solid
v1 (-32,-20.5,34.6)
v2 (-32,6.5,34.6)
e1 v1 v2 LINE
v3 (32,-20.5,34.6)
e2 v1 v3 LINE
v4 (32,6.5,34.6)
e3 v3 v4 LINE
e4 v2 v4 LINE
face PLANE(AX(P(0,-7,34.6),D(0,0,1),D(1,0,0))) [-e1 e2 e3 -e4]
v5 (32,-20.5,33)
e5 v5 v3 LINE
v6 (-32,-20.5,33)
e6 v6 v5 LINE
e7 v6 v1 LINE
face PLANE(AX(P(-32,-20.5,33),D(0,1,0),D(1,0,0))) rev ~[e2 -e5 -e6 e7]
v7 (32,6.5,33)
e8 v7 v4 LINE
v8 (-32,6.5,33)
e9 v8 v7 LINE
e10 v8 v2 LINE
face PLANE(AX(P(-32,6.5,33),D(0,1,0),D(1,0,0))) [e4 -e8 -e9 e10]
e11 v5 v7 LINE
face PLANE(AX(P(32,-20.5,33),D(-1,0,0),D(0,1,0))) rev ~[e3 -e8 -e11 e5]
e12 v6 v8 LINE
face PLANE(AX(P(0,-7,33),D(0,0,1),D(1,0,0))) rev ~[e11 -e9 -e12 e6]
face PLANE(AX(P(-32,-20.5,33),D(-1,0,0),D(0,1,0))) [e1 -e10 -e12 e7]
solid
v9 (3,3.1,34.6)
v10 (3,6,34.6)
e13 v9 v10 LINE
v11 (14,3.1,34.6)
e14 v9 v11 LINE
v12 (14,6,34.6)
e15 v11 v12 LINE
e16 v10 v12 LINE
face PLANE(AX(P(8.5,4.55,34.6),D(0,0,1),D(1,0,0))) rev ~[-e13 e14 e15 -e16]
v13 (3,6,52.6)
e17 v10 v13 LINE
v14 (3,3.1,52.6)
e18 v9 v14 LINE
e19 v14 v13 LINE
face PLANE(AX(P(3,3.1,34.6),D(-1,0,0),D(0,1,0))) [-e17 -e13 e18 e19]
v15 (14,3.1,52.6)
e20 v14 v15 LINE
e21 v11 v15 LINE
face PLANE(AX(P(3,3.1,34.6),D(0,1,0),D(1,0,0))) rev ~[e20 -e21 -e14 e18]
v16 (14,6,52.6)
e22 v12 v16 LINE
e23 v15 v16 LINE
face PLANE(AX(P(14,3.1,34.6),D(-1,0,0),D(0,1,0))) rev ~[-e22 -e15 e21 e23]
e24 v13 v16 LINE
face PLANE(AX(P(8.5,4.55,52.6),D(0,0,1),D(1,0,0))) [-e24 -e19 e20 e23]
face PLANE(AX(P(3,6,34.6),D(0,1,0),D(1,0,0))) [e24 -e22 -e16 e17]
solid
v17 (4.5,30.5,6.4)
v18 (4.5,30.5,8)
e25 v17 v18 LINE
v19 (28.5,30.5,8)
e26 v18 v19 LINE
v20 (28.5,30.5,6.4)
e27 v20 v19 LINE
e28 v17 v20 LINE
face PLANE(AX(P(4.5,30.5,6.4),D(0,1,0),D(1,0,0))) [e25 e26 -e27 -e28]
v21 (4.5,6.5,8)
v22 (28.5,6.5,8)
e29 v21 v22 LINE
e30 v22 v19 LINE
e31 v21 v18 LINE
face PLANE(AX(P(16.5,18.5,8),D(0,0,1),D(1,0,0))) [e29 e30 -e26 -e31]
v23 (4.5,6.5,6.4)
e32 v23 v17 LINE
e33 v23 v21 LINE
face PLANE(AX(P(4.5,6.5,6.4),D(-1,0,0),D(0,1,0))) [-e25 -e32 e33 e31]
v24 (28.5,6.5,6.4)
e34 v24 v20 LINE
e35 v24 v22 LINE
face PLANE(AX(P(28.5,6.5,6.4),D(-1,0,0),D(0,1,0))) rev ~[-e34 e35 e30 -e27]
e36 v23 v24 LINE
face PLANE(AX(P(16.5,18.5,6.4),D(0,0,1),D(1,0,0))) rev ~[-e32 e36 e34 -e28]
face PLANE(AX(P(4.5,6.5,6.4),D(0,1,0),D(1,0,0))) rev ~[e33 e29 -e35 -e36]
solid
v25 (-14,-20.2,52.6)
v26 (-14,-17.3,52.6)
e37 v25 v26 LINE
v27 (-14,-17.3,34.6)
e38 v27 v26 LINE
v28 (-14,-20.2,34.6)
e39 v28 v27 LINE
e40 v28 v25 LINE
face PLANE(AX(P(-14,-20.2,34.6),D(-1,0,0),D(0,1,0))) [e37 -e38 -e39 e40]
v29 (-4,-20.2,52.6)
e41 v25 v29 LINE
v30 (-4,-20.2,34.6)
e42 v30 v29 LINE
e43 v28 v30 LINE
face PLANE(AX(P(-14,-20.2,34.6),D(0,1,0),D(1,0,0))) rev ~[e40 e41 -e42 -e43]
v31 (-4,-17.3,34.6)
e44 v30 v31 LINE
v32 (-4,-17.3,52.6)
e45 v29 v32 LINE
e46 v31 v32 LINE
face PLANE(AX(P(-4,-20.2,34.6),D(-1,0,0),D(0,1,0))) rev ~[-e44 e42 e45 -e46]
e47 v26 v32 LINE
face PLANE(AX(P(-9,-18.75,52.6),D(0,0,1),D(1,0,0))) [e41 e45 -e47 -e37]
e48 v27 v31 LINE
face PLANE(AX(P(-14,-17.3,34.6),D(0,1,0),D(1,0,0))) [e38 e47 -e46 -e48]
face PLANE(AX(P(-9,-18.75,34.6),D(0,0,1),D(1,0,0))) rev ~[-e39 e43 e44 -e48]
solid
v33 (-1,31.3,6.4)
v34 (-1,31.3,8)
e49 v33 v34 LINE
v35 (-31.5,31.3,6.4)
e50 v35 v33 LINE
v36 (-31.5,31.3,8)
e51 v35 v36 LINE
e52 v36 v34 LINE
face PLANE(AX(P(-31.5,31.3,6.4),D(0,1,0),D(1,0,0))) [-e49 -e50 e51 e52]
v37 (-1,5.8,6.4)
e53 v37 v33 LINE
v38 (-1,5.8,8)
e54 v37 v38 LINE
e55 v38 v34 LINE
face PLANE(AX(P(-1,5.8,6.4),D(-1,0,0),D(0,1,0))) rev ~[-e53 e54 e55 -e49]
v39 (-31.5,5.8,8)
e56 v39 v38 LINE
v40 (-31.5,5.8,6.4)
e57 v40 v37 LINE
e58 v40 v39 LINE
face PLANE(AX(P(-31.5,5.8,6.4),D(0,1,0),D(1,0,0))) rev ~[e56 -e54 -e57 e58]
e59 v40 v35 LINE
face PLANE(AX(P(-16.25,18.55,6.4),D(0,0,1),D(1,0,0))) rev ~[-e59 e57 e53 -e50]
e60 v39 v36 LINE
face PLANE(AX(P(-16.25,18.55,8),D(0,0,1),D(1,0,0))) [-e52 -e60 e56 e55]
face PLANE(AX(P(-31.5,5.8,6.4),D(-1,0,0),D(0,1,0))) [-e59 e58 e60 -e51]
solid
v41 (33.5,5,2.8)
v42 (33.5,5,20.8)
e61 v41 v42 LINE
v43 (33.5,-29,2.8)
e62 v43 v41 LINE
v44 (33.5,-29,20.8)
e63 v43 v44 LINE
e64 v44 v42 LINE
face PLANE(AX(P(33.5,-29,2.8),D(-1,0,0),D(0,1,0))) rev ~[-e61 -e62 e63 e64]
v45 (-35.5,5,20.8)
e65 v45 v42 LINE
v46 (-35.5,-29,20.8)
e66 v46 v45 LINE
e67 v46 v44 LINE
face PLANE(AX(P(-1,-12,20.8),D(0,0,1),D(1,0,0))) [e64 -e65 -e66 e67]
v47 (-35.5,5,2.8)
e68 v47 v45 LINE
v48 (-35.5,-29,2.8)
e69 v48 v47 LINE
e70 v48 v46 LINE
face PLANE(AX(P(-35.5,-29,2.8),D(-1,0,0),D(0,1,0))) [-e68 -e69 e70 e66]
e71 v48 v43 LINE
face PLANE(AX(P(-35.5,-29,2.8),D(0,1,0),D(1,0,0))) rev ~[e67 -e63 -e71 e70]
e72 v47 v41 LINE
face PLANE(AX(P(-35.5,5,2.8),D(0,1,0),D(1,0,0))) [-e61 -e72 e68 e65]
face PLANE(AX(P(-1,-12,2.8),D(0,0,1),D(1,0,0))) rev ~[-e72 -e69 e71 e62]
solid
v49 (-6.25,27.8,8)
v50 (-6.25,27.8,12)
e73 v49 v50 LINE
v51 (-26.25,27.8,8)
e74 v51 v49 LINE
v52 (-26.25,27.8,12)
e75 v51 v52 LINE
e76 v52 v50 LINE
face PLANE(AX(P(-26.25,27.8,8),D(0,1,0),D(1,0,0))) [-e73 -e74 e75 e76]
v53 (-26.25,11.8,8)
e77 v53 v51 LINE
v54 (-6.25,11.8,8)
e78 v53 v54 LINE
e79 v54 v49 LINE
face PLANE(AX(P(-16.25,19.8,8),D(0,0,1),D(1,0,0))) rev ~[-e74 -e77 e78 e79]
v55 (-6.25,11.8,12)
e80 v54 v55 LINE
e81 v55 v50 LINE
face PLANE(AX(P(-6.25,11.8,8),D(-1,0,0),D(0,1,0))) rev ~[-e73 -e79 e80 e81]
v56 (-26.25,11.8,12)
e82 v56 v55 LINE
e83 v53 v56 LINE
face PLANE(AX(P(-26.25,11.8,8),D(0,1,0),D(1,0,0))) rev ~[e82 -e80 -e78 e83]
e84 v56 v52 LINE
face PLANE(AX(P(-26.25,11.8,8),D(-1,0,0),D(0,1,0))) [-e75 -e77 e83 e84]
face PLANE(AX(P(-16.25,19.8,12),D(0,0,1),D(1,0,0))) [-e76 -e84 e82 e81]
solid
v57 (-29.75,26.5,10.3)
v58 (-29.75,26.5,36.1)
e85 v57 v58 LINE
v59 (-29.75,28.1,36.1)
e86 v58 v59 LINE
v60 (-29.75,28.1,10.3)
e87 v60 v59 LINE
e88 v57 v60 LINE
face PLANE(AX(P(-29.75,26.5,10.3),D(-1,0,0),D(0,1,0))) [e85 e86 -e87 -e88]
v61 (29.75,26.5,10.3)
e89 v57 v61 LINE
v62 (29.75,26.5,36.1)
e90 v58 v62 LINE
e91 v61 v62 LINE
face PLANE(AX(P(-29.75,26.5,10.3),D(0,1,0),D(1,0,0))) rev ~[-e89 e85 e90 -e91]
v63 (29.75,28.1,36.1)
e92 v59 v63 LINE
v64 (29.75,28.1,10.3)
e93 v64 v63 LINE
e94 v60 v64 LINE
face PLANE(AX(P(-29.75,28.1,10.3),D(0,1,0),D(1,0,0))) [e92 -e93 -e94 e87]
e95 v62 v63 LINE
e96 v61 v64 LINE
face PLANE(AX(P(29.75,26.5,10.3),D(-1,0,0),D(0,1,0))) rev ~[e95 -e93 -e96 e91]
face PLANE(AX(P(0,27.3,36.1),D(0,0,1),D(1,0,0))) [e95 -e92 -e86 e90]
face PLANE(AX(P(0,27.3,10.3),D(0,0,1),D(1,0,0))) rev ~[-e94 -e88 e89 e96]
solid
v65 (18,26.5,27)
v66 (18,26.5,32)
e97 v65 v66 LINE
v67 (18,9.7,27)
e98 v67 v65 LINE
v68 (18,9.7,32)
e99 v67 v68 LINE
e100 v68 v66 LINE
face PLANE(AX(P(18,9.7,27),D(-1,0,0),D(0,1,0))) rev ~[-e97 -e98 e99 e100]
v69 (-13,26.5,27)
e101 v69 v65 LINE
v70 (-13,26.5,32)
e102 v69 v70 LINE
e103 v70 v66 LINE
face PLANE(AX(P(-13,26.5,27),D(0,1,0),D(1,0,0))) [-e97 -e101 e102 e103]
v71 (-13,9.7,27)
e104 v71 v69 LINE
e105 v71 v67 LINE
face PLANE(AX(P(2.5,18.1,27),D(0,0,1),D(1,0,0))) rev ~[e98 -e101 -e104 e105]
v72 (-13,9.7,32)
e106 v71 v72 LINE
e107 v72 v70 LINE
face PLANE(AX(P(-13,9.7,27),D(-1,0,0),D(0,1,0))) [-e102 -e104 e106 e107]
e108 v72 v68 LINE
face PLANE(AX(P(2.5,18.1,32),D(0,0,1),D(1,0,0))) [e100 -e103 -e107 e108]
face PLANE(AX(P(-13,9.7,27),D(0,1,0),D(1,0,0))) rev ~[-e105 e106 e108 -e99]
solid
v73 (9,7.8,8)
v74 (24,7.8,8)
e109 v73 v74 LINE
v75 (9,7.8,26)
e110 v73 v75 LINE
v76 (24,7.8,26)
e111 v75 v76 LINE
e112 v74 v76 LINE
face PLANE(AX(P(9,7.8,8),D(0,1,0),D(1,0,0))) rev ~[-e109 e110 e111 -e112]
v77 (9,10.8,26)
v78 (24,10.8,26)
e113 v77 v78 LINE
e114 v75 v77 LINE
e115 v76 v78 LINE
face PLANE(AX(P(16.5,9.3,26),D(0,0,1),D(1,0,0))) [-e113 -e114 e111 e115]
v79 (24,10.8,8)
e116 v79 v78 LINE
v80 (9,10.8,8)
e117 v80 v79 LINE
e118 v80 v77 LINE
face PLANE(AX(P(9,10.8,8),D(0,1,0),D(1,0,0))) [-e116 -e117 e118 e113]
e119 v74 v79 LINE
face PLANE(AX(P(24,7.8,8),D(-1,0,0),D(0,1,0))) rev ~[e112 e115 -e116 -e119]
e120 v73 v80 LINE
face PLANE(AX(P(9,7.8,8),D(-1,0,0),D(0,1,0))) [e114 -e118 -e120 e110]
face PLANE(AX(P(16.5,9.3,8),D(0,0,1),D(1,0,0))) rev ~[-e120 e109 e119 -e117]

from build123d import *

# Parameters (mm, degrees)
AA_START                                   = 2.8
AA_HOLDER_69_X_34_X_18_PROFILE_W           = 69
AA_HOLDER_69_X_34_X_18_PROFILE_H           = 34
AA_HOLDER_69_X_34_X_18_DEPTH               = 18
YBX_START                                  = 6.4
YBX_BOARD_24_X_24_PROFILE_W                = 24
YBX_BOARD_24_X_24_PROFILE_H                = 24
YBX_BOARD_24_X_24_DEPTH                    = 1.6
YBX_START_2                                = 8
YBX_JUMPER_ENVELOPE_PROFILE_W              = 15
YBX_JUMPER_ENVELOPE_PROFILE_H              = 3
YBX_JUMPER_ENVELOPE_DEPTH                  = 18
GNSS_START                                 = 6.4
GNSS_BOARD_30_5_X_25_5_PROFILE_W           = 30.5
GNSS_BOARD_30_5_X_25_5_PROFILE_H           = 25.5
GNSS_BOARD_30_5_X_25_5_DEPTH               = 1.6
GNSS_START_2                               = 8
GNSS_PATCH_ALLOWANCE_ONLY_PROFILE_W        = 20
GNSS_PATCH_ALLOWANCE_ONLY_PROFILE_H        = 16
GNSS_PATCH_ALLOWANCE_ONLY_DEPTH            = 4
POWER_START                                = 10.3
POWER_BOARD_59_5_X_25_8_PROFILE_W          = 59.5
POWER_BOARD_59_5_X_25_8_PROFILE_H          = 1.6
POWER_BOARD_59_5_X_25_8_DEPTH              = 25.8
POWER_START_2                              = 27
POWER_HORIZONTAL_CONNECTOR_ENVELOPE_PROF_W = 31
POWER_HORIZONTAL_CONNECTOR_ENVELOPE_PROF_H = 16.8
POWER_HORIZONTAL_CONNECTOR_ENVELOPE_DEPTH  = 5
EORA_START                                 = 33
EORA_BOARD_64_X_27_PROFILE_W               = 64
EORA_BOARD_64_X_27_PROFILE_H               = 27
EORA_BOARD_64_X_27_DEPTH                   = 1.6
EORA_START_2                               = 34.6
EORA_UPPER_CONNECTOR_ENVELOPE_A_PROFILE_W  = 10
EORA_UPPER_CONNECTOR_ENVELOPE_A_PROFILE_H  = 2.9
EORA_UPPER_CONNECTOR_ENVELOPE_A_DEPTH      = 18
EORA_UPPER_CONNECTOR_ENVELOPE_B_PROFILE_W  = 11
EORA_UPPER_CONNECTOR_ENVELOPE_B_PROFILE_H  = 2.9
EORA_UPPER_CONNECTOR_ENVELOPE_B_DEPTH      = 18


with BuildPart() as part:
    # AA holder 69 x 34 x 18 profile → AA holder 69 x 34 x 18 (new body)
    with BuildSketch(Plane.XY.offset(AA_START)):
        with Locations((-1, -12)):
            Rectangle(AA_HOLDER_69_X_34_X_18_PROFILE_W, AA_HOLDER_69_X_34_X_18_PROFILE_H)
    extrude(amount=AA_HOLDER_69_X_34_X_18_DEPTH)


with BuildPart() as body_2:
    # YBX board 24 x 24 profile → YBX board 24 x 24 (new body)
    with BuildSketch(Plane.XY.offset(YBX_START)):
        with Locations((16.5, 18.5)):
            Rectangle(YBX_BOARD_24_X_24_PROFILE_W, YBX_BOARD_24_X_24_PROFILE_H)
    extrude(amount=YBX_BOARD_24_X_24_DEPTH)


with BuildPart() as body_3:
    # YBX jumper envelope profile → YBX jumper envelope (new body)
    with BuildSketch(Plane.XY.offset(YBX_START_2)):
        with Locations((16.5, 9.3)):
            Rectangle(YBX_JUMPER_ENVELOPE_PROFILE_W, YBX_JUMPER_ENVELOPE_PROFILE_H)
    extrude(amount=YBX_JUMPER_ENVELOPE_DEPTH)


with BuildPart() as body_4:
    # GNSS board 30.5 x 25.5 profile → GNSS board 30.5 x 25.5 (new body)
    with BuildSketch(Plane.XY.offset(GNSS_START)):
        with Locations((-16.25, 18.55)):
            Rectangle(GNSS_BOARD_30_5_X_25_5_PROFILE_W, GNSS_BOARD_30_5_X_25_5_PROFILE_H)
    extrude(amount=GNSS_BOARD_30_5_X_25_5_DEPTH)


with BuildPart() as body_5:
    # GNSS patch allowance only profile → GNSS patch allowance only (new body)
    with BuildSketch(Plane.XY.offset(GNSS_START_2)):
        with Locations((-16.25, 19.8)):
            Rectangle(GNSS_PATCH_ALLOWANCE_ONLY_PROFILE_W, GNSS_PATCH_ALLOWANCE_ONLY_PROFILE_H)
    extrude(amount=GNSS_PATCH_ALLOWANCE_ONLY_DEPTH)


with BuildPart() as body_6:
    # Power board 59.5 x 25.8 profile → Power board 59.5 x 25.8 (new body)
    with BuildSketch(Plane.XY.offset(POWER_START)):
        with Locations((0, 27.3)):
            Rectangle(POWER_BOARD_59_5_X_25_8_PROFILE_W, POWER_BOARD_59_5_X_25_8_PROFILE_H)
    extrude(amount=POWER_BOARD_59_5_X_25_8_DEPTH)


with BuildPart() as body_7:
    # Power horizontal connector envelope profile → Power horizontal connector envelope (new body)
    with BuildSketch(Plane.XY.offset(POWER_START_2)):
        with Locations((2.5, 18.1)):
            Rectangle(POWER_HORIZONTAL_CONNECTOR_ENVELOPE_PROF_W, POWER_HORIZONTAL_CONNECTOR_ENVELOPE_PROF_H)
    extrude(amount=POWER_HORIZONTAL_CONNECTOR_ENVELOPE_DEPTH)


with BuildPart() as body_8:
    # EoRa board 64 x 27 profile → EoRa board 64 x 27 (new body)
    with BuildSketch(Plane.XY.offset(EORA_START)):
        with Locations((0, -7)):
            Rectangle(EORA_BOARD_64_X_27_PROFILE_W, EORA_BOARD_64_X_27_PROFILE_H)
    extrude(amount=EORA_BOARD_64_X_27_DEPTH)


with BuildPart() as body_9:
    # EoRa upper connector envelope A profile → EoRa upper connector envelope A (new body)
    with BuildSketch(Plane.XY.offset(EORA_START_2)):
        with Locations((-9, -18.75)):
            Rectangle(EORA_UPPER_CONNECTOR_ENVELOPE_A_PROFILE_W, EORA_UPPER_CONNECTOR_ENVELOPE_A_PROFILE_H)
    extrude(amount=EORA_UPPER_CONNECTOR_ENVELOPE_A_DEPTH)


with BuildPart() as body_10:
    # EoRa upper connector envelope B profile → EoRa upper connector envelope B (new body)
    with BuildSketch(Plane.XY.offset(EORA_START_2)):
        with Locations((8.5, 4.55)):
            Rectangle(EORA_UPPER_CONNECTOR_ENVELOPE_B_PROFILE_W, EORA_UPPER_CONNECTOR_ENVELOPE_B_PROFILE_H)
    extrude(amount=EORA_UPPER_CONNECTOR_ENVELOPE_B_DEPTH)


solid = Compound([part.part, body_2.part, body_3.part, body_4.part, body_5.part, body_6.part, body_7.part, body_8.part, body_9.part, body_10.part])
